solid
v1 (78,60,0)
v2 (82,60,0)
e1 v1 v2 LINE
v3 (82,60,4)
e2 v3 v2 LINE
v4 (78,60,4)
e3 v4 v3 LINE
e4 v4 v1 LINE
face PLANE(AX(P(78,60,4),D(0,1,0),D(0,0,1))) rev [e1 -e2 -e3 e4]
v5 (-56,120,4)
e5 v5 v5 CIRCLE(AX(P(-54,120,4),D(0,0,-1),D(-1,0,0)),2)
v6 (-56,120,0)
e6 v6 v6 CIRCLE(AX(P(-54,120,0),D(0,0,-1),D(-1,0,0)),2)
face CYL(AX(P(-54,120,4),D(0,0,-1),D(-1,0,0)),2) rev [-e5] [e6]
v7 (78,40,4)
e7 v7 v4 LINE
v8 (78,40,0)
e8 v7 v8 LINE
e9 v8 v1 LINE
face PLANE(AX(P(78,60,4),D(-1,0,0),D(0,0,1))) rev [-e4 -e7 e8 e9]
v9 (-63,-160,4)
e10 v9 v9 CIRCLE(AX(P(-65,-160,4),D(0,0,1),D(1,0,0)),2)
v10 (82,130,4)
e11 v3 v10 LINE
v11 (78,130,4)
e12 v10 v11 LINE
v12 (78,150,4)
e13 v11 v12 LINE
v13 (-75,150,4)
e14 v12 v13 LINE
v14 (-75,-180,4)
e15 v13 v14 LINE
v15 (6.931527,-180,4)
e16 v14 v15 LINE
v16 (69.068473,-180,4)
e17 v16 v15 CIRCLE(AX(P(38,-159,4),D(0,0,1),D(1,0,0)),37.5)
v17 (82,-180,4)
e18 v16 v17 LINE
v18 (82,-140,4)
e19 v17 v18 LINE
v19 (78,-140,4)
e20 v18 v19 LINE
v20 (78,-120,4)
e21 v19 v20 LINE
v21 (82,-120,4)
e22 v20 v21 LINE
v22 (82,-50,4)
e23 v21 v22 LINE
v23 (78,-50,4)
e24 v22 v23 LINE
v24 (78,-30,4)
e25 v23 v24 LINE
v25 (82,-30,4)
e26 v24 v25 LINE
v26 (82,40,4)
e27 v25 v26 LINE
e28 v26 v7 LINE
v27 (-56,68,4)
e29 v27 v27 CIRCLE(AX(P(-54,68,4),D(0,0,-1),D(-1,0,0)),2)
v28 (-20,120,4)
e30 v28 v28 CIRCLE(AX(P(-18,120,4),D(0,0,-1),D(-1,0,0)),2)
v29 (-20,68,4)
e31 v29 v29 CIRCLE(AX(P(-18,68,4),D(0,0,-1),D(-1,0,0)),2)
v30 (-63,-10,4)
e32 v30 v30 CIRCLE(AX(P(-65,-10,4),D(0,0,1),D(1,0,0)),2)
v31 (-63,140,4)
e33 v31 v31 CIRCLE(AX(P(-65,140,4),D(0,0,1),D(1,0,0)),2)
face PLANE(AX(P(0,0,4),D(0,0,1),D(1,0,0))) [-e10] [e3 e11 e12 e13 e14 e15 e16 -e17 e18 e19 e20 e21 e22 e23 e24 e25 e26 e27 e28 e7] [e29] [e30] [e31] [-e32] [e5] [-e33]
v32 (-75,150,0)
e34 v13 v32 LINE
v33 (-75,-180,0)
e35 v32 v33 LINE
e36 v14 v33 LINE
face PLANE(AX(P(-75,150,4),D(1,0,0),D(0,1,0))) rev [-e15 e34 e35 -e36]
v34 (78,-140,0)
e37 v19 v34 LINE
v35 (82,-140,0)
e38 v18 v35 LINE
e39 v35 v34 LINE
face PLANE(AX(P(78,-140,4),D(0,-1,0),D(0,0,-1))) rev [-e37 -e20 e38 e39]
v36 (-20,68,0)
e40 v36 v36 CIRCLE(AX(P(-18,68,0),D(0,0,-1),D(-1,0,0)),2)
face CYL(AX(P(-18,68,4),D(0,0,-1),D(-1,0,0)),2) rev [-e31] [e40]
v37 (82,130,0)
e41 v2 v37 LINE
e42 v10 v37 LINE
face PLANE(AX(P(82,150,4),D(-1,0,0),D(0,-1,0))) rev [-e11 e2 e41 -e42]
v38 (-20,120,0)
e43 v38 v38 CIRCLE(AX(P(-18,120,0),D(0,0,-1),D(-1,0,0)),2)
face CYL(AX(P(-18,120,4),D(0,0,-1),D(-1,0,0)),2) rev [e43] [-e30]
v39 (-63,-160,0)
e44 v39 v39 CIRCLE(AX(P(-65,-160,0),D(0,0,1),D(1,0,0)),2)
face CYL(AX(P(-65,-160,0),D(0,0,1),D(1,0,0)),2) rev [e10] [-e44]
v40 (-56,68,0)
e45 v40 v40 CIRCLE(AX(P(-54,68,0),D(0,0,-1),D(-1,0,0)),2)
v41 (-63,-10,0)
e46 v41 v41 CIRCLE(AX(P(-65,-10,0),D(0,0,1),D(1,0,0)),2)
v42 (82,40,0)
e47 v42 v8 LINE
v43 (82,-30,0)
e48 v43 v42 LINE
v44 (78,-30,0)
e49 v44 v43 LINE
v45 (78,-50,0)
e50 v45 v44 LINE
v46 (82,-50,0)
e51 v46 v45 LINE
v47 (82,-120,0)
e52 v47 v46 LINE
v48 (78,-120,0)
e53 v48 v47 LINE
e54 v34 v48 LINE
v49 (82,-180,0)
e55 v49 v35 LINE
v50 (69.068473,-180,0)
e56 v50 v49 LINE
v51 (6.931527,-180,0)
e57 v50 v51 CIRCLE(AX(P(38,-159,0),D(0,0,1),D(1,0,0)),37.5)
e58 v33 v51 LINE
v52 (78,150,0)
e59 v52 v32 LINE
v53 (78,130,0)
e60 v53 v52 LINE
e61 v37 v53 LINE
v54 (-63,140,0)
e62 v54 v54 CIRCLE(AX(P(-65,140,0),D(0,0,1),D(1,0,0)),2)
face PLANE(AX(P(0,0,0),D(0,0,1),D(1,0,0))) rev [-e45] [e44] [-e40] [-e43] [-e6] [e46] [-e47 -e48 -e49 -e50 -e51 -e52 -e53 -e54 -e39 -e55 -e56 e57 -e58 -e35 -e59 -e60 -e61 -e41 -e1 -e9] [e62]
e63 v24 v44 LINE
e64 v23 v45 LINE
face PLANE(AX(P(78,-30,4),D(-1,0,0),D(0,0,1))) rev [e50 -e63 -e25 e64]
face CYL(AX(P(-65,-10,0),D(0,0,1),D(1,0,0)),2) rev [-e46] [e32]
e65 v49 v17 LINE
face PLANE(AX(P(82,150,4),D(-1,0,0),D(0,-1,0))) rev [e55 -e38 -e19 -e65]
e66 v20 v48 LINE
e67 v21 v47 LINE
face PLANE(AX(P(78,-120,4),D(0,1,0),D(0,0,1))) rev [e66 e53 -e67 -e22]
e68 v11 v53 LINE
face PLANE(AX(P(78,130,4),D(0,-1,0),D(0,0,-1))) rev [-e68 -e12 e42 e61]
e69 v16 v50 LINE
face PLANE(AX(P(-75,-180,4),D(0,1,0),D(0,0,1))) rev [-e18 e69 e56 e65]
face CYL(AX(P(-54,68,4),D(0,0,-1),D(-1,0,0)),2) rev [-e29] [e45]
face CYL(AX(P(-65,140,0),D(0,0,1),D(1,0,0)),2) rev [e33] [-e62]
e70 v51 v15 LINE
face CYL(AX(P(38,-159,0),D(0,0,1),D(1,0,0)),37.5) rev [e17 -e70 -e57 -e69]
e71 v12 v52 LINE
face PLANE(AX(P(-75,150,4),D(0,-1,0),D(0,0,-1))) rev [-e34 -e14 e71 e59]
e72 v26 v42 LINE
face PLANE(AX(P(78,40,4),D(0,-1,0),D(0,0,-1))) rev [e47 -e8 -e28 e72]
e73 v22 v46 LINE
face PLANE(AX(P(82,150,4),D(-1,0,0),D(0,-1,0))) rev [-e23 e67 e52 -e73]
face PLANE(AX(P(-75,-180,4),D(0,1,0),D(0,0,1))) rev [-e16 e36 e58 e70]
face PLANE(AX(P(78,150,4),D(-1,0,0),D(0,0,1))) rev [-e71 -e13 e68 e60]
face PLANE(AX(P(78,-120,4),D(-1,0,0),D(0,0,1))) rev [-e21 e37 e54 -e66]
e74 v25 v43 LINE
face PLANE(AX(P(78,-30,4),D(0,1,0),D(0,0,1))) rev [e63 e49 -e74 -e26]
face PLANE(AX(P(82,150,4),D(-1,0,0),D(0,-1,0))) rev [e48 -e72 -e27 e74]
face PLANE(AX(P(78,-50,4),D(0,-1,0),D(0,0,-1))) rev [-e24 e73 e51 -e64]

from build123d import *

# Parameters (mm, degrees)
SKETCH1_W           = 165
SKETCH1_H           = 330
BOSS_EXTRUDE1_DEPTH = 4
SKETCH2_R           = 37.5
CUT_EXTRUDE1_DEPTH  = 202.285866369
SKETCH4_W           = 8
SKETCH4_H           = 300
CUT_EXTRUDE3_DEPTH  = 202.285866369
SKETCH3_W           = 4
SKETCH3_H           = 20
CUT_EXTRUDE2_DEPTH  = 202.285866369
SKETCH5_W           = 8
SKETCH5_H           = 30
CUT_EXTRUDE4_DEPTH  = 202.285866369
SKETCH6_R           = 2
CUT_EXTRUDE5_DEPTH  = 198.838317825
SKETCH7_R           = 2
CUT_EXTRUDE6_DEPTH  = 198.838317825


with BuildPart() as part:
    # Sketch1 → Boss-Extrude1 (new body)
    with BuildSketch(Plane.XY):
        with Locations((7.5, -15)):
            Rectangle(SKETCH1_W, SKETCH1_H)
    extrude(amount=BOSS_EXTRUDE1_DEPTH)

    # Sketch2 → Cut-Extrude1 (cut, through all)
    with BuildSketch(Plane.XY.offset(4)):
        with Locations((38, -159)):
            Circle(SKETCH2_R)
    extrude(amount=-CUT_EXTRUDE1_DEPTH, mode=Mode.SUBTRACT)

    # Sketch4 → Cut-Extrude3 (cut, through all)
    with BuildSketch(Plane(origin=(0, 0, 0), x_dir=(-1, 0, 0), z_dir=(0, 0, -1))):
        with Locations((-86, 0)):
            Rectangle(SKETCH4_W, SKETCH4_H)
    extrude(amount=-CUT_EXTRUDE3_DEPTH, mode=Mode.SUBTRACT)

    # Sketch3 → Cut-Extrude2 (cut, through all)
    with BuildSketch(Plane(origin=(0, 0, 0), x_dir=(-1, 0, 0), z_dir=(0, 0, -1))):
        with Locations((-80, 140)):
            Rectangle(SKETCH3_W, SKETCH3_H)
        with Locations((-80, 50)):
            Rectangle(SKETCH3_W, SKETCH3_H)
        with Locations((-80, -40)):
            Rectangle(SKETCH3_W, SKETCH3_H)
        with Locations((-80, -130)):
            Rectangle(SKETCH3_W, SKETCH3_H)
    extrude(amount=-CUT_EXTRUDE2_DEPTH, mode=Mode.SUBTRACT)

    # Sketch5 → Cut-Extrude4 (cut, through all)
    with BuildSketch(Plane.XY.offset(4)):
        with Locations((86, -165)):
            Rectangle(SKETCH5_W, SKETCH5_H)
    extrude(amount=-CUT_EXTRUDE4_DEPTH, mode=Mode.SUBTRACT)

    # Sketch6 → Cut-Extrude5 (cut, through all)
    with BuildSketch(Plane(origin=(0, 0, 0), x_dir=(-1, 0, 0), z_dir=(0, 0, -1))):
        with Locations((18, 120)):
            Circle(SKETCH6_R)
        with Locations((54, 120)):
            Circle(SKETCH6_R)
        with Locations((18, 68)):
            Circle(SKETCH6_R)
        with Locations((54, 68)):
            Circle(SKETCH6_R)
    extrude(amount=-CUT_EXTRUDE5_DEPTH, mode=Mode.SUBTRACT)

    # Sketch7 → Cut-Extrude6 (cut, through all)
    with BuildSketch(Plane.XY.offset(4)):
        with Locations((-65, 140)):
            Circle(SKETCH7_R)
        with Locations((-65, -10)):
            Circle(SKETCH7_R)
        with Locations((-65, -160)):
            Circle(SKETCH7_R)
    extrude(amount=-CUT_EXTRUDE6_DEPTH, mode=Mode.SUBTRACT)


solid = part.part
